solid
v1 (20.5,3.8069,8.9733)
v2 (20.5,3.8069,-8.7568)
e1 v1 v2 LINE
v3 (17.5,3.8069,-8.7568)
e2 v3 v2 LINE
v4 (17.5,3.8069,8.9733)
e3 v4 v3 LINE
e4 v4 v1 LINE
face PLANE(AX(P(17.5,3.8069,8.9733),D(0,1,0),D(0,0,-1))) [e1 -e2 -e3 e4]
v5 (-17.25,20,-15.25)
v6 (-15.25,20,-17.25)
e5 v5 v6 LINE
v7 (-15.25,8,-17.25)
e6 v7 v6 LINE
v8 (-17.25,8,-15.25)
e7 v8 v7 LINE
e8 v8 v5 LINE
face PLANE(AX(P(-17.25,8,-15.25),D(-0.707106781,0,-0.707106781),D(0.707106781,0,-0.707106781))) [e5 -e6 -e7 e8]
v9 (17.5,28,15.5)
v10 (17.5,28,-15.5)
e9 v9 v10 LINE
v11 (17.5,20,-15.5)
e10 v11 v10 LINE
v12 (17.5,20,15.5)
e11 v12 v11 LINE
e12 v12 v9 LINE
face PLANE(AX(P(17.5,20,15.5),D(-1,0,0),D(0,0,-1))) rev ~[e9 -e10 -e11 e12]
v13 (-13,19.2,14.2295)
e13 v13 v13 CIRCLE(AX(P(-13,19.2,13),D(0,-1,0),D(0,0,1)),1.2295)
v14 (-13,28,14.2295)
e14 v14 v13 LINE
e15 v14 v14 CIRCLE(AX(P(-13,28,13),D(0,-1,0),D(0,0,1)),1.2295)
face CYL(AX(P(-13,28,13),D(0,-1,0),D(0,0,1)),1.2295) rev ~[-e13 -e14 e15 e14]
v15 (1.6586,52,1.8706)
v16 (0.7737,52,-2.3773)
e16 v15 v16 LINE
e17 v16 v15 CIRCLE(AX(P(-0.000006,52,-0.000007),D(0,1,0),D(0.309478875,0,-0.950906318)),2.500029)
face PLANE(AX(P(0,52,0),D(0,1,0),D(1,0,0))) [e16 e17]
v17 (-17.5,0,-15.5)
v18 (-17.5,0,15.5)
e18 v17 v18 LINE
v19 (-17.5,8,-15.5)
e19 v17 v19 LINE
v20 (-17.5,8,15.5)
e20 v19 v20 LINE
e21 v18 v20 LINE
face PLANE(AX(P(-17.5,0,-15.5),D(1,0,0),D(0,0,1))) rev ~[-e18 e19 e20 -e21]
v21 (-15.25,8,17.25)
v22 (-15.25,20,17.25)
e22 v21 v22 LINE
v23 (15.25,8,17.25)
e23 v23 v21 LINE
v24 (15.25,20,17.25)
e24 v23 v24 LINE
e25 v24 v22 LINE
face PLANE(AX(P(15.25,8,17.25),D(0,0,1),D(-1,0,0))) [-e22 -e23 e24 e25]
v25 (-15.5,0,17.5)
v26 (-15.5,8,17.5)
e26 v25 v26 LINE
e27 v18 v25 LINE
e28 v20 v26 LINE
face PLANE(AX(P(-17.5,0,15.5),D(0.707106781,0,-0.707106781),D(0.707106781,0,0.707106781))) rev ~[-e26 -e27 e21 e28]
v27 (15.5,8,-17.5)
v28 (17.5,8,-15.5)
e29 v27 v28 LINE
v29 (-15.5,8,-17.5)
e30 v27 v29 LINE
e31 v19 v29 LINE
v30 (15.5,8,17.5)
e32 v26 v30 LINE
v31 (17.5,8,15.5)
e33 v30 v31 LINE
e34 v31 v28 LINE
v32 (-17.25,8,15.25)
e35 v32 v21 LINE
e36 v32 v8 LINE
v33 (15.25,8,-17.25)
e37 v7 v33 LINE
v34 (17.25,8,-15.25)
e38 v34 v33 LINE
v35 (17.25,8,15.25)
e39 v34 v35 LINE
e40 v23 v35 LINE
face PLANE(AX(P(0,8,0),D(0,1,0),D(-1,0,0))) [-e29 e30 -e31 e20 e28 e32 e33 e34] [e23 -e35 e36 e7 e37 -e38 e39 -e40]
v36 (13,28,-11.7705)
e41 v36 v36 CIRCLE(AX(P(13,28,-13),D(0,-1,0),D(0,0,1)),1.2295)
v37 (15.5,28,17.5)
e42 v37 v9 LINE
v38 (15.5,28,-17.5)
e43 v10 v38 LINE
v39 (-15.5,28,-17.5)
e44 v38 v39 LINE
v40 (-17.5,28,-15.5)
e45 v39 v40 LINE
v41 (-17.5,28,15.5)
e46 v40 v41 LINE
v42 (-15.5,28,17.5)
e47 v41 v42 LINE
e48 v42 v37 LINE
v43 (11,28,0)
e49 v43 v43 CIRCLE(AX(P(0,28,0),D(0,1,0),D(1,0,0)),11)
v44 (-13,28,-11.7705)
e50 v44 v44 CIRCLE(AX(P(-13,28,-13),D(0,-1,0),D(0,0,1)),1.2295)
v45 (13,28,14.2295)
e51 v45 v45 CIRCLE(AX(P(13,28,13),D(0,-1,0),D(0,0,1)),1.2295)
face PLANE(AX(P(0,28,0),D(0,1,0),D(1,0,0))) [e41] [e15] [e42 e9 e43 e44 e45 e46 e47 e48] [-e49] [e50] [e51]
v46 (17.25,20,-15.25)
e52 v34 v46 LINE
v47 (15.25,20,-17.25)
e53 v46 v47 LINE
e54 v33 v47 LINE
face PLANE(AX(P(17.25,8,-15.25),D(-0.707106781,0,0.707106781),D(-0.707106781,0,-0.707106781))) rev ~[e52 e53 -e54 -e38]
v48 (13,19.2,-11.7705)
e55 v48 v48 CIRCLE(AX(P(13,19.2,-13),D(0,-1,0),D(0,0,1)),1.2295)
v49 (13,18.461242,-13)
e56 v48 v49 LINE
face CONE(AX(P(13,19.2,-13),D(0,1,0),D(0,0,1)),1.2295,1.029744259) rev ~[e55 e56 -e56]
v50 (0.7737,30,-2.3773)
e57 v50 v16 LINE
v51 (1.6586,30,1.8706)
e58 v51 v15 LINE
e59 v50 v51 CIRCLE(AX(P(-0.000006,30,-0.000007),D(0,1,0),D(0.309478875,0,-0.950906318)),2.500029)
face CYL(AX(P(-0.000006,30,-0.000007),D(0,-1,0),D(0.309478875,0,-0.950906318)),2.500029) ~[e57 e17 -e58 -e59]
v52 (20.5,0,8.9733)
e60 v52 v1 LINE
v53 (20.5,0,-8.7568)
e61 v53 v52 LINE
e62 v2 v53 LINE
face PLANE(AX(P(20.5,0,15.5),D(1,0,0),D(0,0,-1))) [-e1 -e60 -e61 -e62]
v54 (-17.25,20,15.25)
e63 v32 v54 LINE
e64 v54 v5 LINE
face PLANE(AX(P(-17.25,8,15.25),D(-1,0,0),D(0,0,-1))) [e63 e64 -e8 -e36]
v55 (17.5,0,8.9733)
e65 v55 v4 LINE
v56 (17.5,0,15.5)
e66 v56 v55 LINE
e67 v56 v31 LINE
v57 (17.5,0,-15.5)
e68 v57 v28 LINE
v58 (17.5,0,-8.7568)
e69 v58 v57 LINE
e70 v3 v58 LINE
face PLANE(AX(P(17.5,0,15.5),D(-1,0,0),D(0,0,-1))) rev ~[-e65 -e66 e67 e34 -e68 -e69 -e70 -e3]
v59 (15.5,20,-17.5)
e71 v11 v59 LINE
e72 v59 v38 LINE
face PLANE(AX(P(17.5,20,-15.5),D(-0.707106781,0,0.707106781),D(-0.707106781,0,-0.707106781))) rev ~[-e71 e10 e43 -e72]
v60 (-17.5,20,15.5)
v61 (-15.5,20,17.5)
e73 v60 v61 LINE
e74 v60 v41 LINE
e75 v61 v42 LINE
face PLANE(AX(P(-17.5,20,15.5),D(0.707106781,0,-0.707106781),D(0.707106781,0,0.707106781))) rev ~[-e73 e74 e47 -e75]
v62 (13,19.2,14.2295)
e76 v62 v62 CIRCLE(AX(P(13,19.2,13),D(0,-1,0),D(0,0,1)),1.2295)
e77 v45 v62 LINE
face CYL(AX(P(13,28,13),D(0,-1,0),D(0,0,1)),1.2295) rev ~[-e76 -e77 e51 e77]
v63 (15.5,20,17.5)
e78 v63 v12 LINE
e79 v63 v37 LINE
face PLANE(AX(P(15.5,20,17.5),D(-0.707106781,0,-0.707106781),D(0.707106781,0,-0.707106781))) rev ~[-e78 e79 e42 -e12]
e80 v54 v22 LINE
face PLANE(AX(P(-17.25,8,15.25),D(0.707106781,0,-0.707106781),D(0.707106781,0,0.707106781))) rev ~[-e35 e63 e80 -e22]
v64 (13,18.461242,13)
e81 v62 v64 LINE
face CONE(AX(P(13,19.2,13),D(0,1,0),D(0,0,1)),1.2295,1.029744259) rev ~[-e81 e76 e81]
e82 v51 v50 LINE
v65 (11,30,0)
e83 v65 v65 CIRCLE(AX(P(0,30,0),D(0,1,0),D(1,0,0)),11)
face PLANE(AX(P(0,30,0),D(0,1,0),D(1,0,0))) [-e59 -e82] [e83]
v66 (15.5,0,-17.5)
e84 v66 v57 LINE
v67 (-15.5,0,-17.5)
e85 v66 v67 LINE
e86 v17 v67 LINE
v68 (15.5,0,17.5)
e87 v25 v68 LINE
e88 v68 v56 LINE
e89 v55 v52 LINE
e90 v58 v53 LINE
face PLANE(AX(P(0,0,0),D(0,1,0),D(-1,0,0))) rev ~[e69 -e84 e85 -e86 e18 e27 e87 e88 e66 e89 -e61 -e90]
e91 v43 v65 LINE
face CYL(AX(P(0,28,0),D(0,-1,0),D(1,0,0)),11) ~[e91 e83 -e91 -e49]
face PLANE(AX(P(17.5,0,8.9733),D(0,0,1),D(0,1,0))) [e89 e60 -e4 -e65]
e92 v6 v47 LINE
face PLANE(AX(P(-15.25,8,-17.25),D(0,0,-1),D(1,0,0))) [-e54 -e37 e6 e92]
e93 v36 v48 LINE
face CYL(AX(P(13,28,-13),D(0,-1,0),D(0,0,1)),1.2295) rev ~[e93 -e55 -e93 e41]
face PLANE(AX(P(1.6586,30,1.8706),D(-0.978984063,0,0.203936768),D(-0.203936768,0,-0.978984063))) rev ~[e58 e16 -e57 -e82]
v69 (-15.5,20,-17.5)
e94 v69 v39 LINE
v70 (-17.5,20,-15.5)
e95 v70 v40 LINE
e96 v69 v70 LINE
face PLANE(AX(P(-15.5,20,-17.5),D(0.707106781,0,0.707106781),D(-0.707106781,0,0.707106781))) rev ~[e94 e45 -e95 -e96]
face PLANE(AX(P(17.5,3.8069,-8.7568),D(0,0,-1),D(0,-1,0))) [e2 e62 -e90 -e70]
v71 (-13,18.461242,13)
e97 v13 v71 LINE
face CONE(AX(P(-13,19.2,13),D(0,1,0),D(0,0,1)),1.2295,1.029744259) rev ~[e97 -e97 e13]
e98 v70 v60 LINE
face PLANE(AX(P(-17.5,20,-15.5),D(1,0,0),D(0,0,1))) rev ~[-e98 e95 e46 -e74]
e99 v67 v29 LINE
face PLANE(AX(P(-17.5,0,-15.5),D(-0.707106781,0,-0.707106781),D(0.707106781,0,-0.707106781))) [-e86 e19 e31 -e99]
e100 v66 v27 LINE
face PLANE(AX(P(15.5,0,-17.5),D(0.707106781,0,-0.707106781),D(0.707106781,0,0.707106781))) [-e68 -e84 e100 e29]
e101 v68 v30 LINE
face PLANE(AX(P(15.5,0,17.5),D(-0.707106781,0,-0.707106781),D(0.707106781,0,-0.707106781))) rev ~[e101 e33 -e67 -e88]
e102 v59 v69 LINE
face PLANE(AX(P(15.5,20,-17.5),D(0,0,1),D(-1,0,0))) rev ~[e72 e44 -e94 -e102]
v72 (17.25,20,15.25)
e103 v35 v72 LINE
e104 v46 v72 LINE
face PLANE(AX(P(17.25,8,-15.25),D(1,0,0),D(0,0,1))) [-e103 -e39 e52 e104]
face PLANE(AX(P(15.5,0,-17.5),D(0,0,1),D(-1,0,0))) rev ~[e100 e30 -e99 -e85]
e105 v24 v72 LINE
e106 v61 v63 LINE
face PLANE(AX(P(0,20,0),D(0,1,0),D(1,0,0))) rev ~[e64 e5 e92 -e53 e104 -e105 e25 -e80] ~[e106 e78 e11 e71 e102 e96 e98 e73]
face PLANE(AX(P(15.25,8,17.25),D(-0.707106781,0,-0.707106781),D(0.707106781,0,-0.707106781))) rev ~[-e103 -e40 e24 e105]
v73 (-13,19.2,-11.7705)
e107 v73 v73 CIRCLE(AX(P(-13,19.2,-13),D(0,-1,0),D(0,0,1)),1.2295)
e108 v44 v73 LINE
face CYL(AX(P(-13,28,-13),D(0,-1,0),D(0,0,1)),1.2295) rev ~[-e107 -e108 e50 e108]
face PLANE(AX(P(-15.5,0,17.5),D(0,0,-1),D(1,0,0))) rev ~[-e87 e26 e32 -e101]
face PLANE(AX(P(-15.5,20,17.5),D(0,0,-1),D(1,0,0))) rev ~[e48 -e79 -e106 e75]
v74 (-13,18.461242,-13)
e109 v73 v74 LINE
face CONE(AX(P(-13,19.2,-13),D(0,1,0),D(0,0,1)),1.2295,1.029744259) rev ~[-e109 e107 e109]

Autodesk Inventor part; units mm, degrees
ref_plane "YZ Plane" through (0, 0, 0) normal (1, 0, 0) x (0, 1, 0)
ref_plane "XZ Plane" through (0, 0, 0) normal (0, 1, 0) x (-1, 0, 0)
ref_plane "XY Plane" through (0, 0, 0) normal (0, 0, 1) x (1, 0, 0)
sketch "Sketch1" plane through (0, 0, 0) normal (0, 1, 0) x (-1, 0, 0)
  line L0 (-15.5, -17.5) -> (15.5, -17.5)
  line L1 (17.5, -15.5) -> (17.5, 15.5)
  line L2 (15.5, 17.5) -> (-15.5, 17.5)
  line L3 (-17.5, 15.5) -> (-17.5, -15.5)
  line L4 (-17.5, -17.5) -> (17.5, 17.5) construction
  line L5 (17.5, -17.5) -> (-17.5, 17.5) construction
  line L6 (17.5, 15.5) -> (15.5, 17.5)
  line L7 (17.5, -15.5) -> (15.5, -17.5)
  line L8 (-15.5, -17.5) -> (-17.5, -15.5)
  line L9 (-15.5, 17.5) -> (-17.5, 15.5)
  point P0 (0, 0)
  dimension "d0" = 35
  dimension "d1" = 35
  dimension "d2" = 2
  dimension "d3" = 2
  dimension "d4" = 2
  dimension "d5" = 2
  dimension "d6" = 2
  dimension "d7" = 2
  dimension "d8" = 2
  dimension "d9" = 2
extrude "Extrusion1" add sketch "Sketch1" along normal blind 8
sketch "Sketch2" plane through (0, 8, 0) normal (0, 1, 0) x (1, 0, 0)
  line L0 (-17.5, -15.5) -> (-15.5, -17.5) projected
  line L1 (-15.5, -17.5) -> (15.5, -17.5) projected
  line L2 (15.5, -17.5) -> (17.5, -15.5) projected
  line L3 (17.5, -15.5) -> (17.5, 15.5) projected
  line L4 (17.5, 15.5) -> (15.5, 17.5) projected
  line L5 (15.5, 17.5) -> (-15.5, 17.5) projected
  line L6 (-15.5, 17.5) -> (-17.5, 15.5) projected
  line L7 (-17.5, 15.5) -> (-17.5, -15.5) projected
  line L8 (15.25, -17.25) -> (-15.25, -17.25)
  line L9 (-17.25, -15.25) -> (-17.25, 15.25)
  line L10 (-15.25, 17.25) -> (15.25, 17.25)
  line L11 (17.25, 15.25) -> (17.25, -15.25)
  line L12 (17.25, -17.25) -> (-17.25, 17.25) construction
  line L13 (-17.25, -17.25) -> (17.25, 17.25) construction
  line L14 (-17.25, 15.25) -> (-15.25, 17.25)
  line L15 (-17.25, -15.25) -> (-15.25, -17.25)
  line L16 (15.25, -17.25) -> (17.25, -15.25)
  line L17 (17.25, 15.25) -> (15.25, 17.25)
  point P0 (0, 0)
  dimension "d12" = 34.5
  dimension "d13" = 34.5
  dimension "d14" = 2
  dimension "d15" = 2
  dimension "d16" = 2
  dimension "d17" = 2
  dimension "d18" = 2
  dimension "d19" = 2
  dimension "d20" = 2
  dimension "d21" = 2
extrude "Extrusion2" add sketch "Sketch2" along normal blind 12 contours L8 L15 L9 L14 L10 L17 L11 L16
sketch "Sketch3" plane through (0, 20, 0) normal (0, 1, 0) x (1, 0, 0)
  line L0 (-17.5, -15.5) -> (-15.5, -17.5) projected
  line L1 (-17.5, 15.5) -> (-17.5, -15.5) projected
  line L2 (-15.5, 17.5) -> (-17.5, 15.5) projected
  line L3 (15.5, 17.5) -> (-15.5, 17.5) projected
  line L4 (17.5, 15.5) -> (15.5, 17.5) projected
  line L5 (17.5, -15.5) -> (17.5, 15.5) projected
  line L6 (15.5, -17.5) -> (17.5, -15.5) projected
  line L7 (-15.5, -17.5) -> (15.5, -17.5) projected
  point P0 (0, 0)
extrude "Extrusion3" add sketch "Sketch3" along normal blind 8
sketch "Sketch4" plane through (0, 28, 0) normal (0, 1, 0) x (1, 0, 0)
  circle A0 centre (0, 0) radius 11
  dimension "d26" = 22
extrude "Extrusion4" add sketch "Sketch4" along normal blind 2
sketch "Sketch5" plane through (0, 30, 0) normal (0, 1, 0) x (1, 0, 0)
  arc A0 (0.7737, 2.3773) -> (1.6586, -1.8706) centre (0, 0) ccw
  line L0 (1.6586, -1.8706) -> (0.7737, 2.3773)
  dimension "d29" = 5
extrude "Extrusion5" add sketch "Sketch5" along normal blind 22
sketch "Sketch6" plane through (0, 28, 0) normal (0, 1, 0) x (1, 0, 0)
  line L0 (15.5, 17.5) -> (-15.5, 17.5) projected
  line L1 (-17.5, 15.5) -> (-17.5, -15.5) projected
  line L2 (17.5, -15.5) -> (17.5, 15.5) projected
  line L3 (-15.5, -17.5) -> (15.5, -17.5) projected
  point P0 (0, 0)
  point P1 (-13, -13)
  point P2 (-13, 13)
  point P3 (13, 13)
  point P4 (13, -13)
  dimension "d32" = 26
  dimension "d33" = 26
  dimension "d34" = 4.5
  dimension "d35" = 4.5
  dimension "d45" = 4.5
  dimension "d46" = 4.5
  dimension "d47" = 4.5
  dimension "d48" = 4.5
  dimension "d49" = 4.5
hole "Hole1" at (-13, 28, 13) at (-13, 28, -13) at (13, 28, -13) at (13, 28, 13) direction (0, -1, 0) diameter 2.459 depth 8.8 tip angle 118 thread size "M3x0.5" class "6H" standard "ISO Metric profile"
sketch "Sketch7" plane through (17.5, 0, 15.5) normal (1, 0, 0) x (0, 0, -1)
  line L0 (31, 0) -> (0, 0) projected
  line L1 (24.2568, 0) -> (6.5267, 0)
  line L2 (6.5267, 0) -> (6.5267, 3.8069)
  line L3 (6.5267, 3.8069) -> (24.2568, 3.8069)
  line L4 (24.2568, 3.8069) -> (24.2568, 0)
  point P0 (15.5, 0)
  point P1 (6.5267, 0)
extrude "Extrusion6" add sketch "Sketch7" along normal blind 3
equation "\"d3\" = d2"
equation "\"d4\" = d2"
equation "\"d5\" = d4"
equation "\"d6\" = d2"
equation "\"d7\" = d6"
equation "\"d8\" = d2"
equation "\"d9\" = d8"
equation "\"d15\" = d14"
equation "\"d16\" = d14"
equation "\"d17\" = d16"
equation "\"d18\" = d14"
equation "\"d19\" = d18"
equation "\"d20\" = d14"
equation "\"d21\" = d20"
properties part number "stepper"
